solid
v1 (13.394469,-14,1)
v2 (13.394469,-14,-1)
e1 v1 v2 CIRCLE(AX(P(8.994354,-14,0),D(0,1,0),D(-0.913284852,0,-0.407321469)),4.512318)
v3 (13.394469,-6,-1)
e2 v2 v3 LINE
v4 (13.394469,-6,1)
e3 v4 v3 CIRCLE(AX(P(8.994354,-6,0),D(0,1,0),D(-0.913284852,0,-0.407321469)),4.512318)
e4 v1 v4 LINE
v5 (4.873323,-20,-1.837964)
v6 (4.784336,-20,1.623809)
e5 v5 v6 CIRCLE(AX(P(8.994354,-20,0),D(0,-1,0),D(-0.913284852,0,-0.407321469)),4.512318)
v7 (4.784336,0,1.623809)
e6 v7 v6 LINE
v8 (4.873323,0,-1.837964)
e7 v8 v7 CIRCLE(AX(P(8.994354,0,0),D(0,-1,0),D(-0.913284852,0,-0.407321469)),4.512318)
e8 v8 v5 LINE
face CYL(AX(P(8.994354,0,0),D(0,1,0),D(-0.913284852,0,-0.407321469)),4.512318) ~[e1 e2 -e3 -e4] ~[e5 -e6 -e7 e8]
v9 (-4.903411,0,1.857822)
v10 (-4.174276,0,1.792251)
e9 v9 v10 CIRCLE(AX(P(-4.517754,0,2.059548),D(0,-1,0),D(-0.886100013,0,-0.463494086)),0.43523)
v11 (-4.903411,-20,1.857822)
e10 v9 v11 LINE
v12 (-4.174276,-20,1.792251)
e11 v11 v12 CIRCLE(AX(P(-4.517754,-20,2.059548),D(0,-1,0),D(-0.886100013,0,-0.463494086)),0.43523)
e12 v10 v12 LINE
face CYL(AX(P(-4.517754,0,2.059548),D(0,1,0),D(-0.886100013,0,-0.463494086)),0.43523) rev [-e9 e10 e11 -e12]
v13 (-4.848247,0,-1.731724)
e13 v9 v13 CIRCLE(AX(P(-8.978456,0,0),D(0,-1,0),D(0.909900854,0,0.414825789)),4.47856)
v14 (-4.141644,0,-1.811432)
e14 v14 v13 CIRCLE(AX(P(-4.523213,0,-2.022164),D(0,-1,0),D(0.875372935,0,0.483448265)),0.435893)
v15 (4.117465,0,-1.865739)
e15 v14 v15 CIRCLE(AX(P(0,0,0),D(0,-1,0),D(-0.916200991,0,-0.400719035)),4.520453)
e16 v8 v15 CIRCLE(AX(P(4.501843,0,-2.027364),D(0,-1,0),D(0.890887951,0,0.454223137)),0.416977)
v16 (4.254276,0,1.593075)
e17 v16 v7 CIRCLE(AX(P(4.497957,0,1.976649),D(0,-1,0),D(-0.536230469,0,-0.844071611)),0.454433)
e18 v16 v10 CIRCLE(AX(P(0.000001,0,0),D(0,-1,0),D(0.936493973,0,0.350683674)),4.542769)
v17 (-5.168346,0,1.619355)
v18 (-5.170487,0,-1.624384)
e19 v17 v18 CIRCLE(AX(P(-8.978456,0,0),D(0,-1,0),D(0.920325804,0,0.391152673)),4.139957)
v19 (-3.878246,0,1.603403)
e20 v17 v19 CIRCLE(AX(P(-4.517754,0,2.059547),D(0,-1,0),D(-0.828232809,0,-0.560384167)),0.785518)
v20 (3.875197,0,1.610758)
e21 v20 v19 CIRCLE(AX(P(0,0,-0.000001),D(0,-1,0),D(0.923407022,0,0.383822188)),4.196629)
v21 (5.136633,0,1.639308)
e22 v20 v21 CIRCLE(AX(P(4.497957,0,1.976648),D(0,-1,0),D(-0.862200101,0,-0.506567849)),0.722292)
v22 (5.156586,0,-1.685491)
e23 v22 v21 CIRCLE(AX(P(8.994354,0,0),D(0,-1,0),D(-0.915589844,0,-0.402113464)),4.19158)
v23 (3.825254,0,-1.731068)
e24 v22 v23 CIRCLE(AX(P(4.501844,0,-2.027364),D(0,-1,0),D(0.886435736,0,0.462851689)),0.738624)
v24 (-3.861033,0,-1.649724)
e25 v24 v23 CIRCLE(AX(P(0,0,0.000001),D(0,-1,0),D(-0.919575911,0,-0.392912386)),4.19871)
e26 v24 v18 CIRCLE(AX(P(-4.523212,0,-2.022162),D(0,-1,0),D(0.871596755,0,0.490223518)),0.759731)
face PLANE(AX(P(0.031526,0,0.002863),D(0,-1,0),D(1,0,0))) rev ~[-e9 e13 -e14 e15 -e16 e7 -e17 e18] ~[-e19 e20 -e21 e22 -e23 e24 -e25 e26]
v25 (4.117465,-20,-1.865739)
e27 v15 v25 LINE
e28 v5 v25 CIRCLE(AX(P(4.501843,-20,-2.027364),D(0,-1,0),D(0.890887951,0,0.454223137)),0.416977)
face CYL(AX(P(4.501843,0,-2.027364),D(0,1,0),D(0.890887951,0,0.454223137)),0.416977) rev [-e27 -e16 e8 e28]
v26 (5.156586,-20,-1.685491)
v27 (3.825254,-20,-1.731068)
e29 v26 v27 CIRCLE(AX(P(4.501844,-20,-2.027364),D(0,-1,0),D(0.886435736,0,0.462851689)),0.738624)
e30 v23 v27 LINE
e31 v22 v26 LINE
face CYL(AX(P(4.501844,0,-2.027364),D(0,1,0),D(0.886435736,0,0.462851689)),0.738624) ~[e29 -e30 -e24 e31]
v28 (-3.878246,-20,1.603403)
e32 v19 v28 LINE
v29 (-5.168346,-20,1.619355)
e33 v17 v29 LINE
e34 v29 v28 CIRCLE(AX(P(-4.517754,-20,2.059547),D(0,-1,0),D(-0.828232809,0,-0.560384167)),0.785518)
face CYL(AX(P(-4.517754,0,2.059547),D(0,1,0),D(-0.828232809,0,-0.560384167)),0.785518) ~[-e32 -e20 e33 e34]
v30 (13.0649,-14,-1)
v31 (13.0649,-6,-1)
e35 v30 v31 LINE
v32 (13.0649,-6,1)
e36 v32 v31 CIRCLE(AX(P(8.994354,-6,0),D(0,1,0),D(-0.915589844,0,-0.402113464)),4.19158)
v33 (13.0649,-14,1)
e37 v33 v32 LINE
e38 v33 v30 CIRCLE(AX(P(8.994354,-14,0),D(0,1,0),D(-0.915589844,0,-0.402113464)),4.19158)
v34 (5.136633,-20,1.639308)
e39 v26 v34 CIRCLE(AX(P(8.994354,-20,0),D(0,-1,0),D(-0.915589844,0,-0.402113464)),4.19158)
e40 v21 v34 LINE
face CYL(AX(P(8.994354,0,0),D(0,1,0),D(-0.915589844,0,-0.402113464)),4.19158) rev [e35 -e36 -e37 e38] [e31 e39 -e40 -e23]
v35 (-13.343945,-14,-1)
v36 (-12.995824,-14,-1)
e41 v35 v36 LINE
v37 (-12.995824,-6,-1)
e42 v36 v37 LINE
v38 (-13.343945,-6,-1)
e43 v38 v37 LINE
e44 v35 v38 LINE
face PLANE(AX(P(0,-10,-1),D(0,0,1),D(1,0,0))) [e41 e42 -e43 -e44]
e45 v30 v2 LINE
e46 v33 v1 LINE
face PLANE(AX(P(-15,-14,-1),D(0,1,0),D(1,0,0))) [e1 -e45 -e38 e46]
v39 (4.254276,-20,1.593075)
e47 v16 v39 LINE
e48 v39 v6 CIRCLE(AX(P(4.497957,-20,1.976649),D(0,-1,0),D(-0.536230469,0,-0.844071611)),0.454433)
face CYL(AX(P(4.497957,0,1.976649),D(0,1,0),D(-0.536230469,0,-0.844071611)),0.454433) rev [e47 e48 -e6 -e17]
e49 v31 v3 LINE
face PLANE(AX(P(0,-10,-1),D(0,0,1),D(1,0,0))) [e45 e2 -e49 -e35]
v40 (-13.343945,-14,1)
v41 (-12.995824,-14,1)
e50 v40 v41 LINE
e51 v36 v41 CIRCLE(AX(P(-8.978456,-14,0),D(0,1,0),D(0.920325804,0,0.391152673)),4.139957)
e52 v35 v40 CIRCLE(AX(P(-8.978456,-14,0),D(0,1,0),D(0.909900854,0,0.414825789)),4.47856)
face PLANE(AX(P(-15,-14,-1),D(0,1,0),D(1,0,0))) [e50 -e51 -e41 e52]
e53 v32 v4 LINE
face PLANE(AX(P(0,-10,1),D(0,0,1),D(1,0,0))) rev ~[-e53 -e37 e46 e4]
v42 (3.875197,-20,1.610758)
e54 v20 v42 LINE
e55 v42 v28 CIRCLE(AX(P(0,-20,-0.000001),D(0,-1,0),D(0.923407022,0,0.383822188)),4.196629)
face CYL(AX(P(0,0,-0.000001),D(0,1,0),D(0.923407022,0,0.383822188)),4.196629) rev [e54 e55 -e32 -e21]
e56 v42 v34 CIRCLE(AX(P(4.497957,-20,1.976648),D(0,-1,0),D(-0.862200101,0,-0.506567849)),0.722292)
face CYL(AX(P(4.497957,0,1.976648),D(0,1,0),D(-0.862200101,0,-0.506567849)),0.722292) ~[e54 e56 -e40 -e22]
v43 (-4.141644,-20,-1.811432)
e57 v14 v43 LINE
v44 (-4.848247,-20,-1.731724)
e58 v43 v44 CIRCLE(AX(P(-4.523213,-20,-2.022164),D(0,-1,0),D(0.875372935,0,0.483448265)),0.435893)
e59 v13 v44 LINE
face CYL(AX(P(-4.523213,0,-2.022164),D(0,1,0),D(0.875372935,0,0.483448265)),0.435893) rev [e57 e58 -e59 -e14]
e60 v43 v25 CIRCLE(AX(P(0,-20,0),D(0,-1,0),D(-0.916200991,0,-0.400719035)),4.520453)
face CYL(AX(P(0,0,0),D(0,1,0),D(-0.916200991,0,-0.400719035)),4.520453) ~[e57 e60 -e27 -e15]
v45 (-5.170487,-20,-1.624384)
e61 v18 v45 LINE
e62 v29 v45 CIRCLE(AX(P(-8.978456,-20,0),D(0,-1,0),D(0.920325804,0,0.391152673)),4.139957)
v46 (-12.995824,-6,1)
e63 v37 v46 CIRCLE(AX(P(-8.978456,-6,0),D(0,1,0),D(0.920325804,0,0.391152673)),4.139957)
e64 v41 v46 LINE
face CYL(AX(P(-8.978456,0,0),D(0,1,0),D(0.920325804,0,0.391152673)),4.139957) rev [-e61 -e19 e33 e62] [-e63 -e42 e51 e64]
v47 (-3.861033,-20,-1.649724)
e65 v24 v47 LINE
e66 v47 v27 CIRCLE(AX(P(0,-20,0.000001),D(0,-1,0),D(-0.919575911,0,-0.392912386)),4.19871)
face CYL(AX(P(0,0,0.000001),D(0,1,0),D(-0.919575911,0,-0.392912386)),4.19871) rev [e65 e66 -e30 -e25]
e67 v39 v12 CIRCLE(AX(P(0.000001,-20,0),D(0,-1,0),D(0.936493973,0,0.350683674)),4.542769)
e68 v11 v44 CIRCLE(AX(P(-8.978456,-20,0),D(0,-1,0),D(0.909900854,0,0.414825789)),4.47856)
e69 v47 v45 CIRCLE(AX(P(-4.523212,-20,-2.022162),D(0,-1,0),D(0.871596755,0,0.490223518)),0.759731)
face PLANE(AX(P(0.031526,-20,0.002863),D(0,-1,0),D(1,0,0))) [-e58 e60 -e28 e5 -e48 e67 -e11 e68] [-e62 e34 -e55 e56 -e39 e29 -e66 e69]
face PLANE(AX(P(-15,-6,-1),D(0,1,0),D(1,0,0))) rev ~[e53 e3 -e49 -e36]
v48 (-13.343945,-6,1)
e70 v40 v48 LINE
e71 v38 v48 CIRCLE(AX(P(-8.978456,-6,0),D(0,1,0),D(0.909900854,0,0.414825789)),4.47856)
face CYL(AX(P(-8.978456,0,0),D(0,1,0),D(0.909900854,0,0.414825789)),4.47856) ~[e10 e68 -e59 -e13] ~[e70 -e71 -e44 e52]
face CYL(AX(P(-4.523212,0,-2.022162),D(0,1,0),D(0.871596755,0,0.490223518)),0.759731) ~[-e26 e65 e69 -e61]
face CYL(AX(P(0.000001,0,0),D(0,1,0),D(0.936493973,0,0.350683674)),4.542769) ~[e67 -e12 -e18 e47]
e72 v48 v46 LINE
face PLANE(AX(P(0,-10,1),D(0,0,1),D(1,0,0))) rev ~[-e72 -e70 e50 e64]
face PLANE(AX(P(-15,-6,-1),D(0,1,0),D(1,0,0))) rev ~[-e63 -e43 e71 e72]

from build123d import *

# Parameters (mm, degrees)
BOX_W     = 30
BOX_H     = 8
BOX_DEPTH = 2
PAD_DEPTH = 20


with BuildPart() as cube:
    # Box → Box (new body)
    with BuildSketch(Plane(origin=(-15, -14, -1), x_dir=(1, 0, 0), z_dir=(0, 0, 1))):
        with Locations((15, 4)):
            Rectangle(BOX_W, BOX_H)
    extrude(amount=BOX_DEPTH)


with BuildPart() as cut:
    # Sketch001 → Pad (new body)
    with BuildSketch(Plane.XZ):
        with BuildLine():
            ThreePointArc((4.254276, 1.593075), (0.107321, 4.541501), (-4.174276, 1.792251))
            ThreePointArc((-4.903411, 1.857822), (-4.556737, 1.626068), (-4.174276, 1.792251))
            ThreePointArc((-4.903411, 1.857822), (-13.456487, -0.068818), (-4.848247, -1.731724))
            ThreePointArc((-4.141644, -1.811432), (-4.474352, -1.589018), (-4.848247, -1.731724))
            ThreePointArc((-4.141644, -1.811432), (-0.029723, -4.520356), (4.117465, -1.865739))
            ThreePointArc((4.873323, -1.837964), (4.486531, -1.610669), (4.117465, -1.865739))
            ThreePointArc((4.873323, -1.837964), (13.505182, 0.115954), (4.784336, 1.623809))
            ThreePointArc((4.254276, 1.593075), (4.524261, 1.522978), (4.784336, 1.623809))
        make_face()
        with BuildLine():
            ThreePointArc((3.875197, 1.610758), (-0.003981, 4.196626), (-3.878246, 1.603403))
            ThreePointArc((-5.168346, 1.619355), (-4.527466, 1.274089), (-3.878246, 1.603403))
            ThreePointArc((-5.168346, 1.619355), (-13.118412, 0.002733), (-5.170487, -1.624384))
            ThreePointArc((-3.861033, -1.649724), (-4.508513, -1.262573), (-5.170487, -1.624384))
            ThreePointArc((-3.861033, -1.649724), (-0.044432, -4.198474), (3.825254, -1.731068))
            ThreePointArc((5.156586, -1.685491), (4.476572, -1.289173), (3.825254, -1.731068))
            ThreePointArc((5.156586, -1.685491), (13.185859, 0.025154), (5.136633, 1.639308))
            ThreePointArc((3.875197, 1.610758), (4.5143, 1.254541), (5.136633, 1.639308))
        make_face(mode=Mode.SUBTRACT)
    extrude(amount=PAD_DEPTH)

    # Cut: cut Cube
    add(cube.part, mode=Mode.SUBTRACT)


solid = cut.part
